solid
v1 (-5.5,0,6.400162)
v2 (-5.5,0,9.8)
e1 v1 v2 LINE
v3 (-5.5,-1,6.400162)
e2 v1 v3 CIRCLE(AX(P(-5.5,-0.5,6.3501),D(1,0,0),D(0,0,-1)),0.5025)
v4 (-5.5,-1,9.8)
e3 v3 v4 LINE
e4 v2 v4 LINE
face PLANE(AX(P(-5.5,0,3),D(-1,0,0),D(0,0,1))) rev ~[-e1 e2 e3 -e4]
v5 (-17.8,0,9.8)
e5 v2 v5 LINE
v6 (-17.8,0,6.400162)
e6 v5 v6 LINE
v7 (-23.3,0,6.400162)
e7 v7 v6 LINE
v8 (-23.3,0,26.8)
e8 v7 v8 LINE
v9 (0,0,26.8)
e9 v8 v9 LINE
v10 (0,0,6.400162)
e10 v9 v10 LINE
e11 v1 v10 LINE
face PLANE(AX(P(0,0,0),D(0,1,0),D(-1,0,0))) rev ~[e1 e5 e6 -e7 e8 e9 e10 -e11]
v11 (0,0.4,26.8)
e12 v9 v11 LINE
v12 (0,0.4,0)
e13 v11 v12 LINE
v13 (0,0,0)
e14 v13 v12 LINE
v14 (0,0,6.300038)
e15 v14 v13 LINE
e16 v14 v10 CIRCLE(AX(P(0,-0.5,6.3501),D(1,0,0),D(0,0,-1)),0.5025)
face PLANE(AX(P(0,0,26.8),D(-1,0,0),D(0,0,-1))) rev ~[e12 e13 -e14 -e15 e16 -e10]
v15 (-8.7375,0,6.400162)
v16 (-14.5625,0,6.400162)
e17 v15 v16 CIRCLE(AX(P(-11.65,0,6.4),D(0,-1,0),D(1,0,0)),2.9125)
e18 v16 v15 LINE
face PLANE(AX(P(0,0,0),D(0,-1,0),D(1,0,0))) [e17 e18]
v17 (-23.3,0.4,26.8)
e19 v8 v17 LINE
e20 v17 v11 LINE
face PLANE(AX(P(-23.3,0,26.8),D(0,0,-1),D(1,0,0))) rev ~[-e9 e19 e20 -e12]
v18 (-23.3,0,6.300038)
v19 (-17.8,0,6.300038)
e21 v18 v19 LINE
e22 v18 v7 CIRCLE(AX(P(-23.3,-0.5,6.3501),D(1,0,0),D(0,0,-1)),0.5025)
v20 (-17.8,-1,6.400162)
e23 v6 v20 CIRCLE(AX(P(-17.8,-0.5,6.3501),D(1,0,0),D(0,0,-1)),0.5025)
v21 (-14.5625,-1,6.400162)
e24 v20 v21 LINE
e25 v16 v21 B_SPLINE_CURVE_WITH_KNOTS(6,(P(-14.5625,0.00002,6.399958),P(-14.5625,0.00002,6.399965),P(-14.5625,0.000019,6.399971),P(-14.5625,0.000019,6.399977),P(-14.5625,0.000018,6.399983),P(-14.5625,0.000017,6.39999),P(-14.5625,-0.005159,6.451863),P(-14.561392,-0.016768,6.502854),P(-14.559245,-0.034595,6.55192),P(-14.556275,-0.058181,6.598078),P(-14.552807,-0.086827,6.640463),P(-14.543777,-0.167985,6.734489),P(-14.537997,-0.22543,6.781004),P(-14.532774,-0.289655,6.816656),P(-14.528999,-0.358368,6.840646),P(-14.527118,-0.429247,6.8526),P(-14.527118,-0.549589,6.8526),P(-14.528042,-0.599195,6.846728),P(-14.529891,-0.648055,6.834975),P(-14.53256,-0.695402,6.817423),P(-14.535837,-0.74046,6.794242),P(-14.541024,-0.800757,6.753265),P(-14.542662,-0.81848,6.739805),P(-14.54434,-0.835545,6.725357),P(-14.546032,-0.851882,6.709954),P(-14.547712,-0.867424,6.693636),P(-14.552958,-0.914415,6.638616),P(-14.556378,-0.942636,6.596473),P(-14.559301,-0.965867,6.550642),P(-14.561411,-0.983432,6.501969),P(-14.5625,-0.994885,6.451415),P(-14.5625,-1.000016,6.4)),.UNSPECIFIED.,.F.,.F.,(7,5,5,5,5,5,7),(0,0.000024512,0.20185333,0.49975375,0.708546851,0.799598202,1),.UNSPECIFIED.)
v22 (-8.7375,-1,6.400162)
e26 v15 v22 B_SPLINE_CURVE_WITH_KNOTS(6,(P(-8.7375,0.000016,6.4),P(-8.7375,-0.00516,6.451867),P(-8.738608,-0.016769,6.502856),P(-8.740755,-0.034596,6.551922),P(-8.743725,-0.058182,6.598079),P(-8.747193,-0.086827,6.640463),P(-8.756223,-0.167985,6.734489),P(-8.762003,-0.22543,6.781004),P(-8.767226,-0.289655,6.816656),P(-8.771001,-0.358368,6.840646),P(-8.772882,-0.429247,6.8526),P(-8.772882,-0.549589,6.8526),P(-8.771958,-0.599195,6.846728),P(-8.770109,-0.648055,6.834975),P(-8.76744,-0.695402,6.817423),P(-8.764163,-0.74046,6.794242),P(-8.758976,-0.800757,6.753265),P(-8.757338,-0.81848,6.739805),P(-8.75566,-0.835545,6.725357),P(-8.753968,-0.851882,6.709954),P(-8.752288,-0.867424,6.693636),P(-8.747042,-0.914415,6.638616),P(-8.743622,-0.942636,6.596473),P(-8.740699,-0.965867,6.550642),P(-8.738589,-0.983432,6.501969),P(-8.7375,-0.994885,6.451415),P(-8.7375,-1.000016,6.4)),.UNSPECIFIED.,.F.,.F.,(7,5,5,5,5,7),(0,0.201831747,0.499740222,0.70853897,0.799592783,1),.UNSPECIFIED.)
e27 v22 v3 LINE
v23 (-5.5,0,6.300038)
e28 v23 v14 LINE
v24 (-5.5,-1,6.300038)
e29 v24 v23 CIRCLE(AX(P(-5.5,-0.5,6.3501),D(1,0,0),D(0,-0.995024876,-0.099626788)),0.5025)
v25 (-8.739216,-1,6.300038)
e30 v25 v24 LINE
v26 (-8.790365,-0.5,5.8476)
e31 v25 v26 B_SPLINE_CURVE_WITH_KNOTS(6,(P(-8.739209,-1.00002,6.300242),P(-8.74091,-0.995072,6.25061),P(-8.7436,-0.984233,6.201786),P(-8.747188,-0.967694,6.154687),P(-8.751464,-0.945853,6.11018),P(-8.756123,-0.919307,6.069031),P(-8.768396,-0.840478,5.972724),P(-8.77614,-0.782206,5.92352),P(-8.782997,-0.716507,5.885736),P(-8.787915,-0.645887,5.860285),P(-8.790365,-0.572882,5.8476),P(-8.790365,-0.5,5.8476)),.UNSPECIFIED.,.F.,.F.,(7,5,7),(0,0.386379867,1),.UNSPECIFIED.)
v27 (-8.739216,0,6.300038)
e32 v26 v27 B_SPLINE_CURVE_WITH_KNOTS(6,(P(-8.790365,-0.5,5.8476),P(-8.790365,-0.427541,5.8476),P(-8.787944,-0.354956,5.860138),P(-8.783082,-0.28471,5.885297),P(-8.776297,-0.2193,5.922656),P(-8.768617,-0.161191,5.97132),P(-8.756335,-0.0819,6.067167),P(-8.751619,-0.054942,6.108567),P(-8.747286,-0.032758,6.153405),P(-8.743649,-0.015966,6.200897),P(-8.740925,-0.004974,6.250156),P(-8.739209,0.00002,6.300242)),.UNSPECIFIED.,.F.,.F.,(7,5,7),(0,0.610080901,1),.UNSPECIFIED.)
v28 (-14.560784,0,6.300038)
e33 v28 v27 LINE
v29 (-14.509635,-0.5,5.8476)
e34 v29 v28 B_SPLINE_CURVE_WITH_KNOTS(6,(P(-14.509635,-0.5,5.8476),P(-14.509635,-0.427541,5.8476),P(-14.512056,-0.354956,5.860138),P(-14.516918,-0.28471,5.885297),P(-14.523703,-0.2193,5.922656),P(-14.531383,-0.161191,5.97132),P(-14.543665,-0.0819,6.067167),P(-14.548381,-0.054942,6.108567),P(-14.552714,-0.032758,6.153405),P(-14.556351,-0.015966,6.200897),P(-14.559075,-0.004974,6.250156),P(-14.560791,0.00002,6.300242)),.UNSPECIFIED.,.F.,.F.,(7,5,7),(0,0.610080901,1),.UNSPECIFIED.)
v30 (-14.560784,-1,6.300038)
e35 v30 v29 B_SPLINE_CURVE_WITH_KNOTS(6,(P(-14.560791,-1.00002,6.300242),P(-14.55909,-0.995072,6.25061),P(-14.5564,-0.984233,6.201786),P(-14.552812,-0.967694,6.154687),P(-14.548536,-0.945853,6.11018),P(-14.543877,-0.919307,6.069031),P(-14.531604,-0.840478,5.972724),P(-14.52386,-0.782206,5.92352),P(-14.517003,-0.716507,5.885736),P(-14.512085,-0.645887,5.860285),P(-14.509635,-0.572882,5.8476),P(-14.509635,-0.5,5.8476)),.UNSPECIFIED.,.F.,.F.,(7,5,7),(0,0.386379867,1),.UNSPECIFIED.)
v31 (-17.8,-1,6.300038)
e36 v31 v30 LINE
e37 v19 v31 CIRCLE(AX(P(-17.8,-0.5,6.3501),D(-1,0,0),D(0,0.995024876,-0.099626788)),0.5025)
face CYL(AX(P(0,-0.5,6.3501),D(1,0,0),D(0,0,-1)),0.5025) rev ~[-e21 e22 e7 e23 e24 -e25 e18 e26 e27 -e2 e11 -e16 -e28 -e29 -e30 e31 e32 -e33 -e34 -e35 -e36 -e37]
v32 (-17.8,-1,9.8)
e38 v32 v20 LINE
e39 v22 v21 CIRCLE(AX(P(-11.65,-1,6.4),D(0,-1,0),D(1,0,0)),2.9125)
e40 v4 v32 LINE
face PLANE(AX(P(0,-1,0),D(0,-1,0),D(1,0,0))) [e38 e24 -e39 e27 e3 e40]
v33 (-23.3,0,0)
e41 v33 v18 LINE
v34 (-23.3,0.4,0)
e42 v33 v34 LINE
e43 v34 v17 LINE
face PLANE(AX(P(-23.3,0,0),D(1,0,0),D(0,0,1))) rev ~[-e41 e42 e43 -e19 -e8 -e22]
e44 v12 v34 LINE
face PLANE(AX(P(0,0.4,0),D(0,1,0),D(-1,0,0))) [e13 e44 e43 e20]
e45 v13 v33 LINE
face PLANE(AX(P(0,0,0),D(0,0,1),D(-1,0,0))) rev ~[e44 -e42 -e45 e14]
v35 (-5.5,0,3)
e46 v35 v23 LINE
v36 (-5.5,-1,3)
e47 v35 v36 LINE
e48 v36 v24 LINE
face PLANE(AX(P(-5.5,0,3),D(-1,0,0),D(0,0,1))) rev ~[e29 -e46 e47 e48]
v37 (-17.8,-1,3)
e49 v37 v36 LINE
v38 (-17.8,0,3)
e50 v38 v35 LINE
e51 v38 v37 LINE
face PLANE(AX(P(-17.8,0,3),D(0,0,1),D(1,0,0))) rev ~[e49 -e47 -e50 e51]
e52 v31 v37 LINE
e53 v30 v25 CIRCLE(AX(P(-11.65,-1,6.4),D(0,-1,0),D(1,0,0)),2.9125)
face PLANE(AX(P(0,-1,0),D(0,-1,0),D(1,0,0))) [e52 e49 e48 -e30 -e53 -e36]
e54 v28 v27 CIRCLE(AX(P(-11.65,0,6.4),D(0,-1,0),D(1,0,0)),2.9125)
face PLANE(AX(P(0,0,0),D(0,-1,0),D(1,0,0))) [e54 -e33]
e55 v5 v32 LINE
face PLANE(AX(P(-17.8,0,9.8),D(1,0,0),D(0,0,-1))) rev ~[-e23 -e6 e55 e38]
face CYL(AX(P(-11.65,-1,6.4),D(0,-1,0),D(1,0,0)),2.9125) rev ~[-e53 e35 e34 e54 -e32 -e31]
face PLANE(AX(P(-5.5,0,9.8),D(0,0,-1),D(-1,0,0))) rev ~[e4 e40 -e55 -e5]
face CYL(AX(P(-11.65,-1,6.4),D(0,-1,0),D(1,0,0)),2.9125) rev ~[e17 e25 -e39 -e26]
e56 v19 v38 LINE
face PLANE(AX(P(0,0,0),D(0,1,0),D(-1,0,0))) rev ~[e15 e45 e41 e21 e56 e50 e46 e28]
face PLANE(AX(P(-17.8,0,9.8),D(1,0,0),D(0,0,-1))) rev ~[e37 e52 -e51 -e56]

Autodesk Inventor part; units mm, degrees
ref_plane "YZ Plane" through (0, 0, 0) normal (1, 0, 0) x (0, 1, 0)
ref_plane "XZ Plane" through (0, 0, 0) normal (0, 1, 0) x (-1, 0, 0)
ref_plane "XY Plane" through (0, 0, 0) normal (0, 0, 1) x (1, 0, 0)
sketch "Skizze1" plane through (0, 0, 0) normal (0, 1, 0) x (-1, 0, 0)
  line L0 (0, 0) -> (23.3, 0)
  line L1 (23.3, 0) -> (23.3, 26.8)
  line L2 (23.3, 26.8) -> (0, 26.8)
  line L3 (0, 26.8) -> (0, 0)
  dimension "d0" = 23.3
  dimension "d1" = 26.8
extrude "Extrusion1" add sketch "Skizze1" along normal blind 0.4
sketch "Skizze2" plane through (0, 0, 0) normal (0, -1, 0) x (1, 0, 0)
  line L0 (0, 0) -> (-23.3, 0) projected
  line L1 (0, 26.8) -> (0, 0) projected
  line L2 (-23.3, 26.8) -> (0, 26.8) projected
  line L3 (-23.3, 0) -> (-23.3, 26.8) projected
  line L4 (-17.8, 3) -> (-5.5, 3)
  line L5 (-5.5, 3) -> (-5.5, 9.8)
  line L6 (-5.5, 9.8) -> (-17.8, 9.8)
  line L7 (-17.8, 9.8) -> (-17.8, 3)
  dimension "d4" = 3
  dimension "d5" = 17
  dimension "d6" = 5.5
  dimension "d7" = 5.5
extrude "Extrusion2" add sketch "Skizze2" along normal blind 1 contours L7 L6 L5 L4
sketch "Skizze3" plane through (0, -1, 0) normal (0, -1, 0) x (1, 0, 0)
  line L0 (-17.8, 3) -> (-5.5, 3) projected
  line L1 (-5.5, 3) -> (-5.5, 9.8) projected
  line L2 (-5.5, 9.8) -> (-17.8, 9.8) projected
  line L3 (-17.8, 9.8) -> (-17.8, 3) projected
  circle A0 centre (-11.65, 6.4) radius 2.9125
  point P0 (0, 0)
extrude "Extrusion3" cut sketch "Skizze3" against normal blind 1 contours A0
ref_plane "Work Plane1" through (-11.65, 0, 0) normal (-1, 0, 0) x (0, 0, 1)
sketch "Sketch5" plane through (0, 0, 26.8) normal (1, 0, 0) x (0, 0, -1)
  line L0 (23.3125, -1) -> (23.3125, 0) projected
  line L1 (17.4875, -1) -> (17.4875, 0) projected
  circle A0 centre (20.4499, -0.5) radius 0.5025
  point P0 (26.8, 0)
extrude "Extrusion5" cut sketch "Sketch5" against normal through all
ref_plane "Work Plane3" through (-52.1328, -19.1011, -24.6499) normal (0, 1, 0) x (1, 0, 0)
sketch "Sketch6" plane through (-52.1328, -19.1011, -24.6499) normal (0, 1, 0) x (1, 0, 0)
  line L0 (46.6328, -31.0499) -> (52.1328, -31.0499) construction
  line L1 (52.1328, -51.4499) -> (52.1328, -31.0499) construction
  line L2 (28.8328, -51.4499) -> (52.1328, -51.4499) construction
  line L3 (28.8328, -31.0499) -> (28.8328, -51.4499) construction
  line L4 (28.8328, -31.0499) -> (34.3328, -31.0499) construction
  line L5 (34.3328, -31.0499) -> (34.3328, -34.4499) construction
  line L6 (34.3328, -34.4499) -> (46.6328, -34.4499) construction
  line L7 (46.6328, -34.4499) -> (46.6328, -31.0499) construction
  line L8 (6.9828, -36.0499) -> (6.9828, 22.8301) construction
  line L9 (46.6328, -31.5025) -> (34.3328, -31.5025) construction
  line L10 (-16.7355, -31.5025) -> (-33.6581, -41.2728) construction
  line L11 (-33.6581, -41.2728) -> (-33.6581, -21.7322) construction
  line L12 (-33.6581, -21.7322) -> (-16.7355, -31.5025) construction
  point P0 (52.1328, -24.6499)
  point P1 (-28.0172, -31.5025)
  dimension "d16" = 35
hole "Hole1" at (-85.7909, -19.1011, 16.6229) at (-68.8683, -19.1011, 6.8526) at (-85.7909, -19.1011, -2.9177) direction (0, -1, 0) diameter 3.3 depth 12 tip angle 118 counterbore diameter 8 counterbore depth 4
properties part number "02_Nanoscopy_Chip"
